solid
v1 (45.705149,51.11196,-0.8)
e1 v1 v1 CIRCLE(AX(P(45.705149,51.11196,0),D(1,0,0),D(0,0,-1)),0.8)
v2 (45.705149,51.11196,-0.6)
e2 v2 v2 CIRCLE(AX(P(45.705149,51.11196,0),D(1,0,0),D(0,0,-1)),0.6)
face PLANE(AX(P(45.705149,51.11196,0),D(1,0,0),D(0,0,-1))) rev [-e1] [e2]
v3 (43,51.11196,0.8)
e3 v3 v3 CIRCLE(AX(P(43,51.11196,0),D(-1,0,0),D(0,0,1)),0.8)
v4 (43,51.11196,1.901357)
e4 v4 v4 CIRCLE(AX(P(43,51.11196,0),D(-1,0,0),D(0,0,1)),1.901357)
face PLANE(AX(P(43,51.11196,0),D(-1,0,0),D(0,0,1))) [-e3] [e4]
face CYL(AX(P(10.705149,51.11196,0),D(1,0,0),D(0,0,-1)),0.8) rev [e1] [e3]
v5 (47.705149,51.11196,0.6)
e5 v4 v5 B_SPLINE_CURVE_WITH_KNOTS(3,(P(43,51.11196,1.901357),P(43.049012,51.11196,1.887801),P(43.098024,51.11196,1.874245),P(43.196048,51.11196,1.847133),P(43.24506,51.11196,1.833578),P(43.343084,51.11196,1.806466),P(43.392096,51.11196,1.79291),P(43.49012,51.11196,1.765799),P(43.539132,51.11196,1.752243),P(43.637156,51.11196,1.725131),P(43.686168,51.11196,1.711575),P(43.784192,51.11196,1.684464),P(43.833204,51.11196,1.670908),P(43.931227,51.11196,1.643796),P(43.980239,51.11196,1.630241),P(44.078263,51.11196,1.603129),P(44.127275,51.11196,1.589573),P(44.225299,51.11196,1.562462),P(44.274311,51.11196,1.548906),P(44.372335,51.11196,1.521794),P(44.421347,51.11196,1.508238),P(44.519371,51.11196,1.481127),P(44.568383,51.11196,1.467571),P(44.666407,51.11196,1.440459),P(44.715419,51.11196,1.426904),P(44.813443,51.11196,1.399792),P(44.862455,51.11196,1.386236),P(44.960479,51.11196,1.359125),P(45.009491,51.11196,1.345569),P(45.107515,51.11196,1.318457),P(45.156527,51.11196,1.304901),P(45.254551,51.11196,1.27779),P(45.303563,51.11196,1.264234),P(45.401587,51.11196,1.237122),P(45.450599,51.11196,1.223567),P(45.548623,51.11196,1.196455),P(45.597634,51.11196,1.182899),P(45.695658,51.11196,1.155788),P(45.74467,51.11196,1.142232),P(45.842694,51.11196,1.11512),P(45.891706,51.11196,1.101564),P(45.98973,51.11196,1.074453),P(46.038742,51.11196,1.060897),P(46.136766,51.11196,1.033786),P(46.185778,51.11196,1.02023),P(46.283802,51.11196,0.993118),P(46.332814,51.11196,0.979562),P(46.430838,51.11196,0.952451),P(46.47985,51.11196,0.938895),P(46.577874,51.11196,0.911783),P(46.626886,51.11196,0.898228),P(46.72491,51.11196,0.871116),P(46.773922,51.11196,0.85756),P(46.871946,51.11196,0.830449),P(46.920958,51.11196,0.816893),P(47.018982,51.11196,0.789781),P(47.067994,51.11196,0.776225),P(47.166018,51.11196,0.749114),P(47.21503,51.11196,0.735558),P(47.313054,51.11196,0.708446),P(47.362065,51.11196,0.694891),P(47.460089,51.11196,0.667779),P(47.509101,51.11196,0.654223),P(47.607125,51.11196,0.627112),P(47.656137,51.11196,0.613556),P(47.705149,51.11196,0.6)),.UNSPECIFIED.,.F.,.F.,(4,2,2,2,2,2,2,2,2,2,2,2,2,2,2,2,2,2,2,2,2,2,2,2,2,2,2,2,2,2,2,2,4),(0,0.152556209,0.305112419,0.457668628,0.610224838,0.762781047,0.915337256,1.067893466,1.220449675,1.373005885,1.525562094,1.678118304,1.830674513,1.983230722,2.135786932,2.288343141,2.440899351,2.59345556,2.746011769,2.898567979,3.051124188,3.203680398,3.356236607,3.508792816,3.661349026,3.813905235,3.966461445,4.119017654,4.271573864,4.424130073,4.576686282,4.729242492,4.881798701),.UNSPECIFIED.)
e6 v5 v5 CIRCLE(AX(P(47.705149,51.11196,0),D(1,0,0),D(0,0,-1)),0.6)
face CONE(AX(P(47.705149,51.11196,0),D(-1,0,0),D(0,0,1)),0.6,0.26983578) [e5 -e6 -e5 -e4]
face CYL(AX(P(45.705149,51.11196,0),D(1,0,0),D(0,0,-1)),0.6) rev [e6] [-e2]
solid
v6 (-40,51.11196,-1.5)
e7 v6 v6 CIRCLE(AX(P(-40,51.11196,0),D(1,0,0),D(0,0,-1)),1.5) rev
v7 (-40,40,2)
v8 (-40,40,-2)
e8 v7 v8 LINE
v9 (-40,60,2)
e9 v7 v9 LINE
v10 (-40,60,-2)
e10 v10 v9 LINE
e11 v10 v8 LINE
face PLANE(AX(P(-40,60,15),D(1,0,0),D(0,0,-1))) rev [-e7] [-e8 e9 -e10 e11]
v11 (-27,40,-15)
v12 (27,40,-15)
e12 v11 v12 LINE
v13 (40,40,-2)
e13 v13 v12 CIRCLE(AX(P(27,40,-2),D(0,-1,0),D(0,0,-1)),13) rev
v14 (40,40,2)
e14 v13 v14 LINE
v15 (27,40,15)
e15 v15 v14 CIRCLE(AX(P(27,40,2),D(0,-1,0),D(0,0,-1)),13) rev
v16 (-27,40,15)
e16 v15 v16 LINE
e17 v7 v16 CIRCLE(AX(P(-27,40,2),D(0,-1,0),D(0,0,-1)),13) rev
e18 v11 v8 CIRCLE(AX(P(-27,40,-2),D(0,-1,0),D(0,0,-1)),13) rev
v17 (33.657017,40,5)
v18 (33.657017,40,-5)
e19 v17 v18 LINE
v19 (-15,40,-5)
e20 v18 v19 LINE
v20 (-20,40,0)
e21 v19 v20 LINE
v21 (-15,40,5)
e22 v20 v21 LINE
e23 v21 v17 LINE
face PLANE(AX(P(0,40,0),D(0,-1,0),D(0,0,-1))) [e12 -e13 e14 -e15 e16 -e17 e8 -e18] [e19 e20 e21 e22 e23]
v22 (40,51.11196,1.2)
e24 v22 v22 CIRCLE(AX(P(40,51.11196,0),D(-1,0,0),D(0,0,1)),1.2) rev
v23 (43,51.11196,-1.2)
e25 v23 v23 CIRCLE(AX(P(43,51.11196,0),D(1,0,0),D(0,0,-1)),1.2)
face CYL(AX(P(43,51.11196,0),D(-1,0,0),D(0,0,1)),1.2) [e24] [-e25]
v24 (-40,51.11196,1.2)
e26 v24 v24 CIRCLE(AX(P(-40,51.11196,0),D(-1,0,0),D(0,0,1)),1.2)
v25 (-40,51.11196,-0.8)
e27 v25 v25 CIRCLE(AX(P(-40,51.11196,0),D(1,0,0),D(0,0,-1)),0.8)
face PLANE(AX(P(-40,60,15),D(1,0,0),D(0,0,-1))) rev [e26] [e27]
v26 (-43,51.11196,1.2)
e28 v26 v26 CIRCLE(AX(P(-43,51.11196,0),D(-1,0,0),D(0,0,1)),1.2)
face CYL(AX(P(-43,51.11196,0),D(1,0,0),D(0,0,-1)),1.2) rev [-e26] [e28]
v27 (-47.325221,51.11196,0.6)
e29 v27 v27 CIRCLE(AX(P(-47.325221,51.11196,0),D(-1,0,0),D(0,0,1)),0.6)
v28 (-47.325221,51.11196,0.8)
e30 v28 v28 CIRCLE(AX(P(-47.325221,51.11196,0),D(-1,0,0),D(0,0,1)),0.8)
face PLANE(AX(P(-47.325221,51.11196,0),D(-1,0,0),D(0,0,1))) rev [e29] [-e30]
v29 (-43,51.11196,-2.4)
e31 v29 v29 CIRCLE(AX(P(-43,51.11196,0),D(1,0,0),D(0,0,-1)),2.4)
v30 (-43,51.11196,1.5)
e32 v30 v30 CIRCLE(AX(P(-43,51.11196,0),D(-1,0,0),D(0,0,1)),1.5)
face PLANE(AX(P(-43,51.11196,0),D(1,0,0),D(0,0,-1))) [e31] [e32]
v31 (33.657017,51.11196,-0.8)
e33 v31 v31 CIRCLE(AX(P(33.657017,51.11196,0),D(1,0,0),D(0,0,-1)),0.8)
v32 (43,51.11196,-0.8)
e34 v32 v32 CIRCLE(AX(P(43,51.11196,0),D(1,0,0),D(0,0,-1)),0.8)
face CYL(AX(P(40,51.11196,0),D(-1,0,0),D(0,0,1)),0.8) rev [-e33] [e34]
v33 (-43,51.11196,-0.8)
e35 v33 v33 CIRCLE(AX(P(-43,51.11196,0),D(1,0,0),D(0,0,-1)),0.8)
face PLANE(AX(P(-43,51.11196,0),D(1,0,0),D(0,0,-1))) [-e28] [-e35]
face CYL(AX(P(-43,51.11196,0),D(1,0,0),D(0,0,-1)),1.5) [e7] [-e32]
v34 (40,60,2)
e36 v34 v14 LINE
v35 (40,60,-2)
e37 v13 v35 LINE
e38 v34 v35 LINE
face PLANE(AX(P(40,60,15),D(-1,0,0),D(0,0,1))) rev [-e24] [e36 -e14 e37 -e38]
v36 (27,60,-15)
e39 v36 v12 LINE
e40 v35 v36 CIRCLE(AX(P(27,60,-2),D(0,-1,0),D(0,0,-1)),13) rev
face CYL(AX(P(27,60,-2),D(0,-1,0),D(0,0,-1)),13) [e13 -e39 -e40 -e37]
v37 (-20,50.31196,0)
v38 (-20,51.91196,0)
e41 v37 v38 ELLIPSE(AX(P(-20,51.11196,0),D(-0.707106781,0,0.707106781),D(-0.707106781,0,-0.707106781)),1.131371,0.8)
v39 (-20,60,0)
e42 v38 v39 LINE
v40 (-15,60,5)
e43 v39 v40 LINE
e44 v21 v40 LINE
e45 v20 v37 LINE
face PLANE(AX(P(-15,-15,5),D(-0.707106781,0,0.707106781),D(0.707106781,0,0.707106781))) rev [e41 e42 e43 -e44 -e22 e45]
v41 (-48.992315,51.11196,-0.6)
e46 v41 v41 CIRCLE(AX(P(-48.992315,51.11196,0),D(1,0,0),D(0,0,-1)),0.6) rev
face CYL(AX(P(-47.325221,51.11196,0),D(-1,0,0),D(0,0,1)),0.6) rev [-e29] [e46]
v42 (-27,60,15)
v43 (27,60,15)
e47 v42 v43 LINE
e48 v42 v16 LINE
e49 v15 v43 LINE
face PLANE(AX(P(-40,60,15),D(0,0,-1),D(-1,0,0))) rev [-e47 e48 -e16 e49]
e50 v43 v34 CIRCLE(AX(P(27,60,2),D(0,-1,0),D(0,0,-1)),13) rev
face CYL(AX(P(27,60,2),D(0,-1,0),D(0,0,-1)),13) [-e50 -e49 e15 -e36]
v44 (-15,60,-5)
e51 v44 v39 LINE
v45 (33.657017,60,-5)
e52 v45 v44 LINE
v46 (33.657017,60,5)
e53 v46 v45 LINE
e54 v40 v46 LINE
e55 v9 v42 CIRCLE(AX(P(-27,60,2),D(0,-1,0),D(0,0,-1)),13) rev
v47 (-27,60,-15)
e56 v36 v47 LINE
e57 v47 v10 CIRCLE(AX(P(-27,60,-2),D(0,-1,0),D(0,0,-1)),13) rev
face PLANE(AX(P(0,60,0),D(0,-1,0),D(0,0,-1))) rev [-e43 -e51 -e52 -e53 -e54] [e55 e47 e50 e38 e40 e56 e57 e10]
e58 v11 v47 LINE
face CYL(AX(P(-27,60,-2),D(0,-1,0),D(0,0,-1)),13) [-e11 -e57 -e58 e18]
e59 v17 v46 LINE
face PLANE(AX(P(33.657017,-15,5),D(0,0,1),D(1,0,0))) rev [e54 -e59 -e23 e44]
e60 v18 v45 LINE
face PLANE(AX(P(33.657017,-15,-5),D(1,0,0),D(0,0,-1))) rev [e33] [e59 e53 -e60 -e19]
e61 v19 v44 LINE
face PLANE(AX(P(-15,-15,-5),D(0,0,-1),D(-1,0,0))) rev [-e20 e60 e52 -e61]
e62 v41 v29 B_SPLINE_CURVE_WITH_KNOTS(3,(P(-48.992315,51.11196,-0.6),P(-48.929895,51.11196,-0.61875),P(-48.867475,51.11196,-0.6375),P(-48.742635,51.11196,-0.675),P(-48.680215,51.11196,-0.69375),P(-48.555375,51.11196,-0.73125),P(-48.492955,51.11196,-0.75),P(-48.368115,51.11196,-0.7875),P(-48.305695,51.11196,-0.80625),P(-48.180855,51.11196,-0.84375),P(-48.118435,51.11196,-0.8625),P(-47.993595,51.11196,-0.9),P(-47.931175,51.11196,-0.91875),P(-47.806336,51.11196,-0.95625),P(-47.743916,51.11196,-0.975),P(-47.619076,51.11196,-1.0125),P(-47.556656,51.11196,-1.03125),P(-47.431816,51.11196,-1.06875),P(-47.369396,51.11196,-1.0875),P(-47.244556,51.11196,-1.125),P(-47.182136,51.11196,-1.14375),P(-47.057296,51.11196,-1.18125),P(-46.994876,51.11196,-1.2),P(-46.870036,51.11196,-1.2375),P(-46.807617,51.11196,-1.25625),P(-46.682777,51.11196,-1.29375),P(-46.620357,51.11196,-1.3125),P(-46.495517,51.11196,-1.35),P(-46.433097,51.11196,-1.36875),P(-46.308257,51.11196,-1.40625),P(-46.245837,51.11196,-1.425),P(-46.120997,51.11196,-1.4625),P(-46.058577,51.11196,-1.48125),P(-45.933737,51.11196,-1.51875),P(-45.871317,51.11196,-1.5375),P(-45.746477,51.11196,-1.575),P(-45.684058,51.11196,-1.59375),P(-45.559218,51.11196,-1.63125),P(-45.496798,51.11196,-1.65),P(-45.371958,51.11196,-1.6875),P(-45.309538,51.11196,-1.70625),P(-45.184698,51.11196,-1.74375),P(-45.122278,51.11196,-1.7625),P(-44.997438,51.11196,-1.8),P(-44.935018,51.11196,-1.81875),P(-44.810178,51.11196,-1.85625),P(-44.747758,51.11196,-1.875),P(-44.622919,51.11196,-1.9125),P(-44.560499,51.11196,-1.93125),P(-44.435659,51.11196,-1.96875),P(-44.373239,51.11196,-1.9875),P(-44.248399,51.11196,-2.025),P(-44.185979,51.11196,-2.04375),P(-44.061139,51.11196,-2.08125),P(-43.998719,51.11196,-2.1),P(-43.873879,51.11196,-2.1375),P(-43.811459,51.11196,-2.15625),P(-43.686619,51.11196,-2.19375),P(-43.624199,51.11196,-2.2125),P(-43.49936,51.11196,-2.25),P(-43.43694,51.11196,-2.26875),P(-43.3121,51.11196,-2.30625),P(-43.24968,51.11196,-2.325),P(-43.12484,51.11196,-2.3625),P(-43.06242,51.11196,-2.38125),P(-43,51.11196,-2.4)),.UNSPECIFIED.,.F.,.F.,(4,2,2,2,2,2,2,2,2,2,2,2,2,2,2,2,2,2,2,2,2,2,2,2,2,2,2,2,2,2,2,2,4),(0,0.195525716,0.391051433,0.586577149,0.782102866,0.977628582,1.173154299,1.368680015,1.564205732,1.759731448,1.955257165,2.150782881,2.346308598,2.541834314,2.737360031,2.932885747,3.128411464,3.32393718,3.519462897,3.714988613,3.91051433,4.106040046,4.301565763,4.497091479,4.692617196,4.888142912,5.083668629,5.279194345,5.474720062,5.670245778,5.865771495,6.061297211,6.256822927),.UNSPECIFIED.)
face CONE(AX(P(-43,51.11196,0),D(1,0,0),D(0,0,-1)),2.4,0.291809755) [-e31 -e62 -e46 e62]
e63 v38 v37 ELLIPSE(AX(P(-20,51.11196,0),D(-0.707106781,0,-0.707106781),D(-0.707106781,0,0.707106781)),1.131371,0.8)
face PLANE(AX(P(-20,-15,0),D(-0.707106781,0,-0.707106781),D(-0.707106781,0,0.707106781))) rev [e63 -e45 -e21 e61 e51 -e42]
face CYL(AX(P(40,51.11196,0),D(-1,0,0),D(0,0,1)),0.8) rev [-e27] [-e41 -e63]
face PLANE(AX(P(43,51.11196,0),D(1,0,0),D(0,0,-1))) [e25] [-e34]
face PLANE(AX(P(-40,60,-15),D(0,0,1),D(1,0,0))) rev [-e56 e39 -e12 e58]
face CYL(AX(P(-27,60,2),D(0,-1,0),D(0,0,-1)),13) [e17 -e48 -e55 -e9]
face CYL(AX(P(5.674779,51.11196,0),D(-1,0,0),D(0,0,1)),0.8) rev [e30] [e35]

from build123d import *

# Parameters (mm, degrees)
SKETCH1_W               = 80
SKETCH1_H               = 30
BOSS_EXTRUDE1_DEPTH     = 60
CUT_EXTRUDE1_DEPTH      = 75
CUT_EXTRUDE2_DEPTH      = 102.118742081
CUT_EXTRUDE2_DEPTH_BACK = 102.118742081
SKETCH3_R               = 0.8
SKETCH4_R               = 1.5
SKETCH4_R_2             = 1.2
BOSS_EXTRUDE2_DEPTH     = 3
SKETCH7_R               = 0.6
CUT_EXTRUDE3_DEPTH      = 2
SKETCH8_R               = 0.8
CUT_EXTRUDE4_DEPTH      = 53
FILLET1_R               = 13
SKETCH9_R               = 1.2
SKETCH9_R_2             = 0.8
BOSS_EXTRUDE3_DEPTH     = 3
CUT_EXTRUDE5_START      = -2
SKETCH12_R              = 0.6
CUT_EXTRUDE5_DEPTH      = 2
CUT_EXTRUDE6_START      = -35
SKETCH14_R              = 0.8
CUT_EXTRUDE6_DEPTH      = 35
SKETCH15_W              = 83.696095513
SKETCH15_H              = 31.69844841
CUT_EXTRUDE7_DEPTH      = 50


with BuildPart() as part:
    # Sketch1 → Boss-Extrude1 (new body)
    with BuildSketch(Plane(origin=(0, 0, 0), x_dir=(1, 0, 0), z_dir=(0, 1, 0))):
        Rectangle(SKETCH1_W, SKETCH1_H)
    extrude(amount=BOSS_EXTRUDE1_DEPTH)

    # Sketch2 → Cut-Extrude1 (cut)
    with BuildSketch(Plane(origin=(0, 60, 0), x_dir=(1, 0, 0), z_dir=(0, 1, 0))):
        Polygon((-15, 5), (15, 5), (33.657016573, 5), (33.657016573, -5), (15, -5), (-15, -5), (-20, 0), align=None)
    extrude(amount=-CUT_EXTRUDE1_DEPTH, mode=Mode.SUBTRACT)

    # Sketch3 → Cut-Extrude2 (cut, two sides: drawn at the far end of the back side and taken through both)
    with BuildSketch(Plane.ZY.offset(40).offset(-CUT_EXTRUDE2_DEPTH_BACK)):
        with Locations(Location((0, 51.111959895, 0), (0, 0, 270))):
            Circle(SKETCH3_R)
    extrude(amount=CUT_EXTRUDE2_DEPTH + CUT_EXTRUDE2_DEPTH_BACK, mode=Mode.SUBTRACT)

    # Sketch4 → Boss-Extrude2 (add)
    with BuildSketch(Plane.ZY.offset(40)):
        with Locations(Location((0, 51.111959895, 0), (0, 0, 180))):
            Circle(SKETCH4_R)
        with Locations((0, 51.111959895)):
            Circle(SKETCH4_R_2, mode=Mode.SUBTRACT)
    extrude(amount=BOSS_EXTRUDE2_DEPTH)

    # Sketch6 → Revolve1 (revolve)
    with BuildSketch(Plane.XY, mode=Mode.PRIVATE) as revolve1_sk:
        Polygon((-43, 51.111959895), (-49.325220868, 51.111959895), (-49.325220868, 51.611959895), (-43, 53.511959895), align=None)
    revolve(revolve1_sk.sketch.rotate(Axis((-43, 51.111959895, 0), (-1, 0, 0)), 270), axis=Axis((-43, 51.111959895, 0), (-1, 0, 0)))

    # Sketch7 → Cut-Extrude3 (cut)
    with BuildSketch(Plane.ZY.offset(49.325220868)):
        with Locations((0, 51.111959895)):
            Circle(SKETCH7_R)
    extrude(amount=-CUT_EXTRUDE3_DEPTH, mode=Mode.SUBTRACT)

    # Sketch8 → Cut-Extrude4 (cut)
    with BuildSketch(Plane.ZY.offset(47.325220868)):
        with Locations(Location((0, 51.111959895, 0), (0, 0, 270))):
            Circle(SKETCH8_R)
    extrude(amount=-CUT_EXTRUDE4_DEPTH, mode=Mode.SUBTRACT)

    # Fillet1
    fillet1_edges = [part.edges().sort_by_distance(p)[0] for p in [
        (40, 30, 15),
        (-40, 30, 15),
        (-40, 30, -15),
        (40, 30, -15),
    ]]
    fillet(fillet1_edges, radius=FILLET1_R)

    # Sketch9 → Boss-Extrude3 (add)
    with BuildSketch(Plane(origin=(40, 0, 0), x_dir=(0, 0, -1), z_dir=(1, 0, 0))):
        with Locations(Location((0, 51.111959895, 0), (0, 0, 180))):
            Circle(SKETCH9_R)
        with Locations(Location((0, 51.111959895, 0), (0, 0, 270))):
            Circle(SKETCH9_R_2, mode=Mode.SUBTRACT)
    extrude(amount=BOSS_EXTRUDE3_DEPTH)

    # Sketch15 → Cut-Extrude7 (cut)
    with BuildSketch(Plane(origin=(0, -10, 0), x_dir=(-1, 0, 0), z_dir=(0, -1, 0))):
        with Locations((-0.057440767, 0.030479277)):
            Rectangle(SKETCH15_W, SKETCH15_H)
    extrude(amount=-CUT_EXTRUDE7_DEPTH, mode=Mode.SUBTRACT)


with BuildPart() as body_2:
    # Sketch11 → Revolve2 (revolve)
    with BuildSketch(Plane.XY, mode=Mode.PRIVATE) as revolve2_sk:
        Polygon((43, 51.111959895), (43, 53.013316413), (47.705149283, 51.711959895), (47.705149283, 51.111959895), align=None)
    revolve(revolve2_sk.sketch.rotate(Axis((43, 51.111959895, 0), (1, 0, 0)), 270), axis=Axis((43, 51.111959895, 0), (1, 0, 0)))

    # Sketch12 → Cut-Extrude5 (cut)
    with BuildSketch(Plane(origin=(47.705149283, 0, 0), x_dir=(0, 0, -1), z_dir=(1, 0, 0)).offset(CUT_EXTRUDE5_START)):
        with Locations((0, 51.111959895)):
            Circle(SKETCH12_R)
    extrude(amount=CUT_EXTRUDE5_DEPTH, mode=Mode.SUBTRACT)

    # Sketch14 → Cut-Extrude6 (cut)
    with BuildSketch(Plane(origin=(45.705149283, 0, 0), x_dir=(0, 0, -1), z_dir=(1, 0, 0)).offset(CUT_EXTRUDE6_START)):
        with Locations((0, 51.111959895)):
            Circle(SKETCH14_R)
    extrude(amount=CUT_EXTRUDE6_DEPTH, mode=Mode.SUBTRACT)


solid = Compound([part.part, body_2.part])
